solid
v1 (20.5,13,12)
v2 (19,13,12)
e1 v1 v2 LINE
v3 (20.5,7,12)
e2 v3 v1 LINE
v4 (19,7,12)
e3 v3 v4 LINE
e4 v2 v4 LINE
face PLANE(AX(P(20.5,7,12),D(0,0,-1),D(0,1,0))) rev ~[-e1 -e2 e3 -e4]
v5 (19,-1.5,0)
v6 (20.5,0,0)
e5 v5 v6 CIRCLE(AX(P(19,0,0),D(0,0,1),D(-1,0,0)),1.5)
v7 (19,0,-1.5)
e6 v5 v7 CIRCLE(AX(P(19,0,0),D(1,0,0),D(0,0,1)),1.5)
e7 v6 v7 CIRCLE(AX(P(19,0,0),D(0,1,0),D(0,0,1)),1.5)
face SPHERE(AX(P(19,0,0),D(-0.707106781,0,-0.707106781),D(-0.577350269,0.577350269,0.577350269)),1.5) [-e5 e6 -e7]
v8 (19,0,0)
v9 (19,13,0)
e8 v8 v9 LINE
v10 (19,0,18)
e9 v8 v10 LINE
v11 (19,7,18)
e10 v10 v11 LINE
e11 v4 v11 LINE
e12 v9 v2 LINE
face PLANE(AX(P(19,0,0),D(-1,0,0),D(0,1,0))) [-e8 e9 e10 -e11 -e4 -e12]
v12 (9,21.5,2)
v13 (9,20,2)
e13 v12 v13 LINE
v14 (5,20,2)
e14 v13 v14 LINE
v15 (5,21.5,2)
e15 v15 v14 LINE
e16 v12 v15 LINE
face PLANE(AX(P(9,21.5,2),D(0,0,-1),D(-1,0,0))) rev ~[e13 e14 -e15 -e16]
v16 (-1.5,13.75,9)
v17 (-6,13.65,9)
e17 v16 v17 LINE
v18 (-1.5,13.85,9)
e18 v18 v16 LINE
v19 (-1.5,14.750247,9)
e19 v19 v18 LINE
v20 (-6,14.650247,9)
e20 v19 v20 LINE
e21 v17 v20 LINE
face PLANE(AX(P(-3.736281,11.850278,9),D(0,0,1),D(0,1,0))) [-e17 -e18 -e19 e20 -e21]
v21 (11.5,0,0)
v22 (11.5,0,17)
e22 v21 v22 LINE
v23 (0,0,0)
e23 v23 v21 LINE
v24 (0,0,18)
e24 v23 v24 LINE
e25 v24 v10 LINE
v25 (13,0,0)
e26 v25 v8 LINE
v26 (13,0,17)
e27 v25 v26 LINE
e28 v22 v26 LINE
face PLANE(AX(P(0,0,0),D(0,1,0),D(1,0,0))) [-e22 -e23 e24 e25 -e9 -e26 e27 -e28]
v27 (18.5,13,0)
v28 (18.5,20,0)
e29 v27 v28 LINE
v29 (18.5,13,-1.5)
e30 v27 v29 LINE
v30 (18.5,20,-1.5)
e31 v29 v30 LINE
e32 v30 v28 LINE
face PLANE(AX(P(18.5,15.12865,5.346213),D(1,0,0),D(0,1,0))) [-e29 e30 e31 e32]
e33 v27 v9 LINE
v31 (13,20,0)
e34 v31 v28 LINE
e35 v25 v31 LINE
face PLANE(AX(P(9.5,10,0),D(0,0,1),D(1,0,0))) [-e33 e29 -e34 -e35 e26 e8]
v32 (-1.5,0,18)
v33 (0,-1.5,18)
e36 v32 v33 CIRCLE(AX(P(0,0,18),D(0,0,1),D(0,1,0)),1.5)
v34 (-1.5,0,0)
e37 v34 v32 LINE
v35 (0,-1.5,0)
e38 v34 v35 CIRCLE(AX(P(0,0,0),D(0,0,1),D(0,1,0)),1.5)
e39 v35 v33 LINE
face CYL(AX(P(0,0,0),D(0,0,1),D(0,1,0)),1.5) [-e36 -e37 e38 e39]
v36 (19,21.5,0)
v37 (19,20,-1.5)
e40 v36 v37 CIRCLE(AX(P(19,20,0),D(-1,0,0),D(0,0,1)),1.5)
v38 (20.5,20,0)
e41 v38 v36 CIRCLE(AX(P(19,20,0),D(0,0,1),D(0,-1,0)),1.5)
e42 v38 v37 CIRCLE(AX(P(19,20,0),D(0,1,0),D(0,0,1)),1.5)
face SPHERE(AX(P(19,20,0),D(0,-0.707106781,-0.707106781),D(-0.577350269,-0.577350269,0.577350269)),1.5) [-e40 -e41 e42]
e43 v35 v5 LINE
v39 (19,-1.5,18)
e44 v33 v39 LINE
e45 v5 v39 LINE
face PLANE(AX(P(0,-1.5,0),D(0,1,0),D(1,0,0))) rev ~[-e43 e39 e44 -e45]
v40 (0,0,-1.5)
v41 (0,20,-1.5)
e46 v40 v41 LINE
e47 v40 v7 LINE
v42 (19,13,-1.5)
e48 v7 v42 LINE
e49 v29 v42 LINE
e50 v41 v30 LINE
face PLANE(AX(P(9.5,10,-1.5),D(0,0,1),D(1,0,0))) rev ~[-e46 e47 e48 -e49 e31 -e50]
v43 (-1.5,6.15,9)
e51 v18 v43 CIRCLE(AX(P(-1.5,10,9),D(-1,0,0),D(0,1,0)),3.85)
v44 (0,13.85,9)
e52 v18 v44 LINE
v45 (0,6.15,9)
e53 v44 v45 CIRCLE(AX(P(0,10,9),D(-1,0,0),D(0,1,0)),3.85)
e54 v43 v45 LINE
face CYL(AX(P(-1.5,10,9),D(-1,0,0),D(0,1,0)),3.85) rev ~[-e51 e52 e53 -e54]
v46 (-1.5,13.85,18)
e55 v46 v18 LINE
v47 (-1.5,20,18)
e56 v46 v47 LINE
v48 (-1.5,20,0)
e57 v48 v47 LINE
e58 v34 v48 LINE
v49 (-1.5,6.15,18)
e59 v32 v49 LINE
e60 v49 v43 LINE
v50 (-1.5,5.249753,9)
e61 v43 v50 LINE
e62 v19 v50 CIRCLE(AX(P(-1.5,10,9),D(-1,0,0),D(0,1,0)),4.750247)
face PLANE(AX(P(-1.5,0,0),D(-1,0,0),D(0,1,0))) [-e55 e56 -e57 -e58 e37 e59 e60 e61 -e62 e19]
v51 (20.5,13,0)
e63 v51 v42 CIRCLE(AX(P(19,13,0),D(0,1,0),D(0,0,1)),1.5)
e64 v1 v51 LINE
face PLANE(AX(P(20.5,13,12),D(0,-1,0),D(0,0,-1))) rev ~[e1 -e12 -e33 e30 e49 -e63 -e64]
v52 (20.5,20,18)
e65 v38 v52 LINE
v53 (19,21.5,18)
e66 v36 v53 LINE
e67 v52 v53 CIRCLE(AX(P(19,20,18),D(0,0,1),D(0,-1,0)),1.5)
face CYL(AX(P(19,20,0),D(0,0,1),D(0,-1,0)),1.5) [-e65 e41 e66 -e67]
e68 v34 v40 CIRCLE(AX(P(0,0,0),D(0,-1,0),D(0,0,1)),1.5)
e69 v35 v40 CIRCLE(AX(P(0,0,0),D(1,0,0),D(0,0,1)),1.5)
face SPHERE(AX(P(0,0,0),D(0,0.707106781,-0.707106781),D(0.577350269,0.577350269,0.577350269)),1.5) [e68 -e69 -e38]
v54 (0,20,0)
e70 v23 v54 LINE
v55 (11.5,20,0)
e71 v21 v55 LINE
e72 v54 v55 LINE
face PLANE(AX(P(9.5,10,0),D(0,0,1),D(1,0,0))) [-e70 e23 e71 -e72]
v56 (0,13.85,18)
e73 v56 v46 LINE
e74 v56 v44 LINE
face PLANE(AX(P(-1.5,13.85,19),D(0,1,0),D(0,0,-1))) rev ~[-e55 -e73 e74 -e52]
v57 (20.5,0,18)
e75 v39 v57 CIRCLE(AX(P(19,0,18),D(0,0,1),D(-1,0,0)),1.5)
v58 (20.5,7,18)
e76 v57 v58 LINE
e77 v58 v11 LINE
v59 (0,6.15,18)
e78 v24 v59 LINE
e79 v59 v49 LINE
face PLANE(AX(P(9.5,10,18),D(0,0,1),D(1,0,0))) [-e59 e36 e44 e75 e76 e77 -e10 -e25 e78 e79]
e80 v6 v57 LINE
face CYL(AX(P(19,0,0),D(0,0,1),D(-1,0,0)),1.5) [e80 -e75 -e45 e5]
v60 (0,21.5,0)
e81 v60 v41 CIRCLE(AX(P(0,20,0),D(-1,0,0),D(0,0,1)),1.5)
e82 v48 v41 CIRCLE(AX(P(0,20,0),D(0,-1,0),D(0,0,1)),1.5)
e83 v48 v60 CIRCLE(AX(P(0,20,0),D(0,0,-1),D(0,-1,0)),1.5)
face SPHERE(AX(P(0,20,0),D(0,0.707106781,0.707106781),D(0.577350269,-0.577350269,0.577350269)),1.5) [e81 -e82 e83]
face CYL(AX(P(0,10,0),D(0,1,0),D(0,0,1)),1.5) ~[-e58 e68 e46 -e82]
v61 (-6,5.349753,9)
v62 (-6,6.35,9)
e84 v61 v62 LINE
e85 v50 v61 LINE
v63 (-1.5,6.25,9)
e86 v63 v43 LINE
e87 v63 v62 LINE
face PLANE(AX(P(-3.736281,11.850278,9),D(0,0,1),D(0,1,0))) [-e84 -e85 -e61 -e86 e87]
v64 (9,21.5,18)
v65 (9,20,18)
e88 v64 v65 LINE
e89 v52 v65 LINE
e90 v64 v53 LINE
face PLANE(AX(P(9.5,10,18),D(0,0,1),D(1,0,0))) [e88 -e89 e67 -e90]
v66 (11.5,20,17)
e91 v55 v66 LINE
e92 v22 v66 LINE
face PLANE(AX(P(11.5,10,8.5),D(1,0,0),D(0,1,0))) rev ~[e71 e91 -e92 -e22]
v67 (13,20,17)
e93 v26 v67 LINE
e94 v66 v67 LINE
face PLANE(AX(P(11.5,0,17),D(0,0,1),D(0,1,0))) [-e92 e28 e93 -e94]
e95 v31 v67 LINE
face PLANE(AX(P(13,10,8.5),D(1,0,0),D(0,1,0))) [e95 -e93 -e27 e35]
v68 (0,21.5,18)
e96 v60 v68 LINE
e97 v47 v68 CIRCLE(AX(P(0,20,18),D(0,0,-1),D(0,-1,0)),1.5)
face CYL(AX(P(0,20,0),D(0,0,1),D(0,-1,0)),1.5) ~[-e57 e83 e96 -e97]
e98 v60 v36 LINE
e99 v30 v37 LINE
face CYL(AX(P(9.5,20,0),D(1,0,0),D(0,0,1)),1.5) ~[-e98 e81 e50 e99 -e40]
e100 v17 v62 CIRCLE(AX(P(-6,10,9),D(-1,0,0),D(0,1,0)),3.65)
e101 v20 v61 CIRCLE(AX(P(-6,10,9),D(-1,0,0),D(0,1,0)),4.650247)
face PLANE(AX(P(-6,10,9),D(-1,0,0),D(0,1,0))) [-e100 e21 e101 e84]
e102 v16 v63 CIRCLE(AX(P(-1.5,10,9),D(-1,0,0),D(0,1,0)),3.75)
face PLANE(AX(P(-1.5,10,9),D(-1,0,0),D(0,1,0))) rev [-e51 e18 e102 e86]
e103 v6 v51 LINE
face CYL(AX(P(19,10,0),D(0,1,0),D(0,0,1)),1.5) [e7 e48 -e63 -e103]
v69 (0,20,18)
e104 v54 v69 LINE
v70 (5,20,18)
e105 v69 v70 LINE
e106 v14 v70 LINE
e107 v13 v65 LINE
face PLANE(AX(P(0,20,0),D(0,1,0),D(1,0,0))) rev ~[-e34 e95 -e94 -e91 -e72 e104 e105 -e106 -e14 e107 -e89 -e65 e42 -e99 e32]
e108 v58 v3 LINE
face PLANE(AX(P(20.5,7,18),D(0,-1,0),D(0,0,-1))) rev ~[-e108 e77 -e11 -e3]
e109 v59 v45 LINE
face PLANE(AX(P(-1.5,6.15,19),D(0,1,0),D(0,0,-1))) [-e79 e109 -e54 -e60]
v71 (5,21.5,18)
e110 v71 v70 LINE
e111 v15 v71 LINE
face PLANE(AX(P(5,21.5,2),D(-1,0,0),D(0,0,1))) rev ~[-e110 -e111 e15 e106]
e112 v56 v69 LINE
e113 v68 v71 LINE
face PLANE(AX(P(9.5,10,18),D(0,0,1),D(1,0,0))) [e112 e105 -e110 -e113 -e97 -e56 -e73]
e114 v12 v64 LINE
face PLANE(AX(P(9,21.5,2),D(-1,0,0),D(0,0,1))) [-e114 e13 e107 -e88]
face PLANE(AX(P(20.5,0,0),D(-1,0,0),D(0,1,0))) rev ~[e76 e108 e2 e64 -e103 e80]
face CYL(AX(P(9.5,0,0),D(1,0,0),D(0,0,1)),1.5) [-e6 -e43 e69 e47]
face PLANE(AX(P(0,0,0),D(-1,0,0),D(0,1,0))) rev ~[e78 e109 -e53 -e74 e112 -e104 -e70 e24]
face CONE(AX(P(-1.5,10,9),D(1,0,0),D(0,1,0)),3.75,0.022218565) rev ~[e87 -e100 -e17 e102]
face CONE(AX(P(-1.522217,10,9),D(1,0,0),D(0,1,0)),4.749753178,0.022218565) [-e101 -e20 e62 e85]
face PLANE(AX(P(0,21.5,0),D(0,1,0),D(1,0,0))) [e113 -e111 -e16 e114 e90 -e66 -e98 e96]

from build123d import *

# Parameters (mm, degrees)
CONE_ANGLE      = 180
THICKNESS001_T  = 1
BOX_W           = 19
BOX_H           = 20
BOX_DEPTH       = 18
THICKNESS_T     = 1.5
POCKET_DEPTH    = 2
SKETCH001_W     = 4
SKETCH001_H     = 18
POCKET001_DEPTH = 2
BOX001_W        = 20
BOX001_H        = 17
BOX001_DEPTH    = 1.5
POCKET002_DEPTH = 2


with BuildPart() as thickness001:
    # Cone → Cone (revolve)
    with BuildSketch(Plane(origin=(-1.5, 10, 9), x_dir=(0, 1, 0), z_dir=(0, 0, 1))):
        Polygon((0, 0), (3.75, 0), (3.65, 4.5), (0, 4.5), align=None)
    revolve(axis=Axis((-1.5, 10, 9), (-1, 0, 0)), revolution_arc=CONE_ANGLE)

    # Thickness001
    thickness001_openings = [thickness001.faces().sort_by_distance(p)[0] for p in [
        (-3.739865, 8.149887, 9),
        (-3.739865, 11.850113, 9),
        (-6, 10, 7.450892),
        (-1.5, 10, 7.408451),
    ]]
    offset(amount=THICKNESS001_T, openings=thickness001_openings)


with BuildPart() as fusion:
    # Box → Box (join)
    with BuildSketch(Plane.XY):
        with Locations((9.5, 10)):
            Rectangle(BOX_W, BOX_H)
    extrude(amount=BOX_DEPTH)

    # Thickness
    thickness_openings = [fusion.faces().sort_by_distance(p)[0] for p in [
        (9.5, 10, 18),
    ]]
    offset(amount=THICKNESS_T, openings=thickness_openings)

    # Sketch (on Face7 of Thickness) → Pocket (cut)
    with BuildSketch(Plane(origin=(-1.5, 0, 0), x_dir=(0, -1, 0), z_dir=(-1, 0, 0))):
        with BuildLine():
            ThreePointArc((-6.15, 19), (-10, 22.85), (-13.85, 19))
            Line((-13.85, 19), (-13.85, 9))
            ThreePointArc((-13.85, 9), (-10, 5.15), (-6.15, 9))
            Line((-6.15, 19), (-6.15, 9))
        make_face()
    extrude(amount=-POCKET_DEPTH, mode=Mode.SUBTRACT)

    # Sketch001 (on Face10 of Pocket) → Pocket001 (cut)
    with BuildSketch(Plane(origin=(0, 21.5, 0), x_dir=(-1, 0, 0), z_dir=(0, 1, 0))):
        with Locations((-7, 11)):
            Rectangle(SKETCH001_W, SKETCH001_H)
    extrude(amount=-POCKET001_DEPTH, mode=Mode.SUBTRACT)

    # Box001 → Box001 (join)
    with BuildSketch(Plane.YZ.offset(11.5)):
        with Locations((10, 8.5)):
            Rectangle(BOX001_W, BOX001_H)
    extrude(amount=BOX001_DEPTH)

    # Sketch002 (on Face14 of Box001) → Pocket002 (cut)
    with BuildSketch(Plane.YZ.offset(20.5)):
        Polygon((20, 18), (7, 18), (7, 12), (13, 12), (13, -10.564874), (20, -10.564874), align=None)
    extrude(amount=-POCKET002_DEPTH, mode=Mode.SUBTRACT)

    # Fusion: union Thickness001
    add(thickness001.part)


solid = fusion.part
